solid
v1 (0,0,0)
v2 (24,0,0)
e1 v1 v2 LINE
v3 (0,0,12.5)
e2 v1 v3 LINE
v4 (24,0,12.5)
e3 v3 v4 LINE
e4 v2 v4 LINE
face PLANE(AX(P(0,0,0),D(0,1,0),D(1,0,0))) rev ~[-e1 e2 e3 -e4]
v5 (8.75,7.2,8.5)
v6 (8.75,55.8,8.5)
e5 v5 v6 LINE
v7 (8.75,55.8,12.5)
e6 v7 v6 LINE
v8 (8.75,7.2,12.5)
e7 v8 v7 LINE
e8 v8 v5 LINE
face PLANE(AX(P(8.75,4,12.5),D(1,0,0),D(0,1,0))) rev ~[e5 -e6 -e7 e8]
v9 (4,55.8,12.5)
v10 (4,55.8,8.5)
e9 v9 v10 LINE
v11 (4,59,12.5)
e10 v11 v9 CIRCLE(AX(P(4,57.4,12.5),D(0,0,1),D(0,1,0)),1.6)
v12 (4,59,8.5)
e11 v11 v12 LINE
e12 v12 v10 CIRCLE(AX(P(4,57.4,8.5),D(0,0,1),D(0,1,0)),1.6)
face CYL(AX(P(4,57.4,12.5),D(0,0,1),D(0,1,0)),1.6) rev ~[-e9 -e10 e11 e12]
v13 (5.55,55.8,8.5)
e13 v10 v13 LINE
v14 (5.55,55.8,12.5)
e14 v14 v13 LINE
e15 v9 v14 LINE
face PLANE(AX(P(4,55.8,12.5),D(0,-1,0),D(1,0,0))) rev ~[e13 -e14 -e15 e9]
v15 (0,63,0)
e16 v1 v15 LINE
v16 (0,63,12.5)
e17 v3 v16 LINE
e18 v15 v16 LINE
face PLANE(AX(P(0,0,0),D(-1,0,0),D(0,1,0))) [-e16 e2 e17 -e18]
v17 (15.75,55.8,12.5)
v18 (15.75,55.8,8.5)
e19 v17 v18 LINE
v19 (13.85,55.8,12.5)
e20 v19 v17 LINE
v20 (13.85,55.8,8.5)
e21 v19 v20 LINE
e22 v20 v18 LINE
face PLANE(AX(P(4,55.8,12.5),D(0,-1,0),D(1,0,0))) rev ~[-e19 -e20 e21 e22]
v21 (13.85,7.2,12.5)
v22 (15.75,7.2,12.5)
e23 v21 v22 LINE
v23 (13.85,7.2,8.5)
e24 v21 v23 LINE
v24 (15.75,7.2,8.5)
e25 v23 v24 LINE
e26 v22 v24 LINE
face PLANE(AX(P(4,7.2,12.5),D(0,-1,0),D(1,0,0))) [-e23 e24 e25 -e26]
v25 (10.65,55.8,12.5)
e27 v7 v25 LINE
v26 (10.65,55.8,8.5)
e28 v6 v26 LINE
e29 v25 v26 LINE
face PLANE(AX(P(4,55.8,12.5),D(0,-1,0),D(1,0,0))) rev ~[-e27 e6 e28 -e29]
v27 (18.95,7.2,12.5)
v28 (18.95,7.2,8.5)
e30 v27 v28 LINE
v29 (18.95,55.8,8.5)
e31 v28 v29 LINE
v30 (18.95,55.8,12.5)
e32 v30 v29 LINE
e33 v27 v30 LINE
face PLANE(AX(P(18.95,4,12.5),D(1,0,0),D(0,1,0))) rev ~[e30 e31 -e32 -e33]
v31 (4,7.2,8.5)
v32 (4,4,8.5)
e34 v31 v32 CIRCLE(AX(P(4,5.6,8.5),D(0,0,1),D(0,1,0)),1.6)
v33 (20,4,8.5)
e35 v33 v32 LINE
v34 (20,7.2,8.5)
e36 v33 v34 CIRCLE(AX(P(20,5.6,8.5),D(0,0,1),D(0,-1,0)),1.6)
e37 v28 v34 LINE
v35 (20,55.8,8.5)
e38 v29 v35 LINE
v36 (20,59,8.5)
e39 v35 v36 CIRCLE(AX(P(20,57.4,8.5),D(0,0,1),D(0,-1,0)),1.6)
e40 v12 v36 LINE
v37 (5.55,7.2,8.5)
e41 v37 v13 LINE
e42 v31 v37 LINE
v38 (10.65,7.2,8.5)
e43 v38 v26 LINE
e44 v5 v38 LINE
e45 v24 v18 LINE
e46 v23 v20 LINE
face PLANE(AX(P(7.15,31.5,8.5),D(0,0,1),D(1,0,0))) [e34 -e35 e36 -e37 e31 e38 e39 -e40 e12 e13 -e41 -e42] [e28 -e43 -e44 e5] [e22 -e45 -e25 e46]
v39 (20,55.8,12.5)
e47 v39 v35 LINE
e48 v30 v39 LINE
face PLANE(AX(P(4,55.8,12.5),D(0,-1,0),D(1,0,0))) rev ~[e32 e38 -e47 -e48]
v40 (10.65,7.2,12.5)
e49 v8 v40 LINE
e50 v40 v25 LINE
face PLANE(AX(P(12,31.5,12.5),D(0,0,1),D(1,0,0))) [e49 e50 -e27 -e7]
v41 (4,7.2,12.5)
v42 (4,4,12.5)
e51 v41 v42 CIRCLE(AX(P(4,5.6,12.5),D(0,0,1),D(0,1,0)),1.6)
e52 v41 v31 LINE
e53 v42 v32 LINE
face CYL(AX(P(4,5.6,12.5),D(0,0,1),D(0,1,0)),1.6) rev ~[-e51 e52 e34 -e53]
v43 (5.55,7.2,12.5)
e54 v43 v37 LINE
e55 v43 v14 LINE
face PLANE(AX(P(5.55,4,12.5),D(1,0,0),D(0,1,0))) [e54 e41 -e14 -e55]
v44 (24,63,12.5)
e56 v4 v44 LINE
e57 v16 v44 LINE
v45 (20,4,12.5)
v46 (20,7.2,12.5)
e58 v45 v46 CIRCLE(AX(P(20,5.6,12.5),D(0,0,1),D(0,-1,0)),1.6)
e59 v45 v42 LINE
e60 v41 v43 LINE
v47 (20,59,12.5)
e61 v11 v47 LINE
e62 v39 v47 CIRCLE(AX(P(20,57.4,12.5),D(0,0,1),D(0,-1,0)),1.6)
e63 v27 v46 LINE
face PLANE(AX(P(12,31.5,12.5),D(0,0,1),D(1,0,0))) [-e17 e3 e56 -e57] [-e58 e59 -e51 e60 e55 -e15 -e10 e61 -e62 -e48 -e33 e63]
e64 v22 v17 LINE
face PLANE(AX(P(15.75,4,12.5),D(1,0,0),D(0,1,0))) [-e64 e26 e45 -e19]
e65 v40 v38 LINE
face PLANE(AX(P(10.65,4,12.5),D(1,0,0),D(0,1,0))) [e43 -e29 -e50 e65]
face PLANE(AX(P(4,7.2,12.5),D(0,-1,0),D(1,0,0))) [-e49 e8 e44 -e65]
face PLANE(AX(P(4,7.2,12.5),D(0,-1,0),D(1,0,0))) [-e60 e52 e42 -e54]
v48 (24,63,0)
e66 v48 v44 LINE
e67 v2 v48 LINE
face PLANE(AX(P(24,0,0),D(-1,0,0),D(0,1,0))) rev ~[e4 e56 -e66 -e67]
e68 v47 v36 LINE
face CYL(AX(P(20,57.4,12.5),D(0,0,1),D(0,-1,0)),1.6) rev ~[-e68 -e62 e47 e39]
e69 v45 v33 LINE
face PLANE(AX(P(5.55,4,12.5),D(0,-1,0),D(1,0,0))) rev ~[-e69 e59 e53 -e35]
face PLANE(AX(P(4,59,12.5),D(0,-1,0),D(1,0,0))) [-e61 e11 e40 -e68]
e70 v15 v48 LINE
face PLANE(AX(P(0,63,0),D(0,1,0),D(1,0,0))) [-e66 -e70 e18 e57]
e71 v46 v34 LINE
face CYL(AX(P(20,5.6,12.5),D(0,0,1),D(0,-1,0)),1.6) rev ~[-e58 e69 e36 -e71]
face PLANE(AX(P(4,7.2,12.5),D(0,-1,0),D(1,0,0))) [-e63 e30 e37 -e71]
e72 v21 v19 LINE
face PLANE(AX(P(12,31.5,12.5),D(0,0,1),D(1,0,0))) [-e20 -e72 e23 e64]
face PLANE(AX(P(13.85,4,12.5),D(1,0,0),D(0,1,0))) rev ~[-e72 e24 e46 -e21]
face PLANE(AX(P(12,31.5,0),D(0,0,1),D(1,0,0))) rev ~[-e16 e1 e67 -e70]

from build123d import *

# Parameters (mm, degrees)
F0_W     = 24
F0_H     = 63
F1_DEPTH = 12.5
F2_W     = 3.2
F2_H     = 55
F3_DEPTH = 4
F4_W     = 16
F4_H     = 3.2
F5_DEPTH = 4


with BuildPart() as f1:
    # F0 (on Top) → F1 (new body)
    with BuildSketch(Plane.XY):
        with Locations((12, 31.5)):
            Rectangle(F0_W, F0_H)
    extrude(amount=F1_DEPTH)

    # F2 (on face) → F3 (cut)
    with BuildSketch(Plane.XY.offset(12.5)):
        with Locations((7.15, 31.5)):
            Rectangle(F2_W, F2_H)
        with Locations((12.25, 31.5)):
            Rectangle(F2_W, F2_H)
        with Locations((17.35, 31.5)):
            Rectangle(F2_W, F2_H)
    extrude(amount=-F3_DEPTH, mode=Mode.SUBTRACT)

    # F4 (on face) → F5 (cut)
    with BuildSketch(Plane.XY.offset(12.5)):
        with Locations((12, 57.4)):
            Rectangle(F4_W, F4_H)
        with BuildLine():
            Line((4, 55.8), (4, 59))
            ThreePointArc((4, 59), (2.4, 57.4), (4, 55.8))
        make_face()
        with BuildLine():
            ThreePointArc((20, 55.8), (21.6, 57.4), (20, 59))
            Line((20, 59), (20, 55.8))
        make_face()
        with Locations((12, 5.6)):
            Rectangle(F4_W, F4_H)
        with BuildLine():
            ThreePointArc((4, 7.2), (2.4, 5.6), (4, 4))
            Line((4, 4), (4, 7.2))
        make_face()
        with BuildLine():
            Line((20, 7.2), (20, 4))
            ThreePointArc((20, 4), (21.6, 5.6), (20, 7.2))
        make_face()
    extrude(amount=-F5_DEPTH, mode=Mode.SUBTRACT)


solid = f1.part
